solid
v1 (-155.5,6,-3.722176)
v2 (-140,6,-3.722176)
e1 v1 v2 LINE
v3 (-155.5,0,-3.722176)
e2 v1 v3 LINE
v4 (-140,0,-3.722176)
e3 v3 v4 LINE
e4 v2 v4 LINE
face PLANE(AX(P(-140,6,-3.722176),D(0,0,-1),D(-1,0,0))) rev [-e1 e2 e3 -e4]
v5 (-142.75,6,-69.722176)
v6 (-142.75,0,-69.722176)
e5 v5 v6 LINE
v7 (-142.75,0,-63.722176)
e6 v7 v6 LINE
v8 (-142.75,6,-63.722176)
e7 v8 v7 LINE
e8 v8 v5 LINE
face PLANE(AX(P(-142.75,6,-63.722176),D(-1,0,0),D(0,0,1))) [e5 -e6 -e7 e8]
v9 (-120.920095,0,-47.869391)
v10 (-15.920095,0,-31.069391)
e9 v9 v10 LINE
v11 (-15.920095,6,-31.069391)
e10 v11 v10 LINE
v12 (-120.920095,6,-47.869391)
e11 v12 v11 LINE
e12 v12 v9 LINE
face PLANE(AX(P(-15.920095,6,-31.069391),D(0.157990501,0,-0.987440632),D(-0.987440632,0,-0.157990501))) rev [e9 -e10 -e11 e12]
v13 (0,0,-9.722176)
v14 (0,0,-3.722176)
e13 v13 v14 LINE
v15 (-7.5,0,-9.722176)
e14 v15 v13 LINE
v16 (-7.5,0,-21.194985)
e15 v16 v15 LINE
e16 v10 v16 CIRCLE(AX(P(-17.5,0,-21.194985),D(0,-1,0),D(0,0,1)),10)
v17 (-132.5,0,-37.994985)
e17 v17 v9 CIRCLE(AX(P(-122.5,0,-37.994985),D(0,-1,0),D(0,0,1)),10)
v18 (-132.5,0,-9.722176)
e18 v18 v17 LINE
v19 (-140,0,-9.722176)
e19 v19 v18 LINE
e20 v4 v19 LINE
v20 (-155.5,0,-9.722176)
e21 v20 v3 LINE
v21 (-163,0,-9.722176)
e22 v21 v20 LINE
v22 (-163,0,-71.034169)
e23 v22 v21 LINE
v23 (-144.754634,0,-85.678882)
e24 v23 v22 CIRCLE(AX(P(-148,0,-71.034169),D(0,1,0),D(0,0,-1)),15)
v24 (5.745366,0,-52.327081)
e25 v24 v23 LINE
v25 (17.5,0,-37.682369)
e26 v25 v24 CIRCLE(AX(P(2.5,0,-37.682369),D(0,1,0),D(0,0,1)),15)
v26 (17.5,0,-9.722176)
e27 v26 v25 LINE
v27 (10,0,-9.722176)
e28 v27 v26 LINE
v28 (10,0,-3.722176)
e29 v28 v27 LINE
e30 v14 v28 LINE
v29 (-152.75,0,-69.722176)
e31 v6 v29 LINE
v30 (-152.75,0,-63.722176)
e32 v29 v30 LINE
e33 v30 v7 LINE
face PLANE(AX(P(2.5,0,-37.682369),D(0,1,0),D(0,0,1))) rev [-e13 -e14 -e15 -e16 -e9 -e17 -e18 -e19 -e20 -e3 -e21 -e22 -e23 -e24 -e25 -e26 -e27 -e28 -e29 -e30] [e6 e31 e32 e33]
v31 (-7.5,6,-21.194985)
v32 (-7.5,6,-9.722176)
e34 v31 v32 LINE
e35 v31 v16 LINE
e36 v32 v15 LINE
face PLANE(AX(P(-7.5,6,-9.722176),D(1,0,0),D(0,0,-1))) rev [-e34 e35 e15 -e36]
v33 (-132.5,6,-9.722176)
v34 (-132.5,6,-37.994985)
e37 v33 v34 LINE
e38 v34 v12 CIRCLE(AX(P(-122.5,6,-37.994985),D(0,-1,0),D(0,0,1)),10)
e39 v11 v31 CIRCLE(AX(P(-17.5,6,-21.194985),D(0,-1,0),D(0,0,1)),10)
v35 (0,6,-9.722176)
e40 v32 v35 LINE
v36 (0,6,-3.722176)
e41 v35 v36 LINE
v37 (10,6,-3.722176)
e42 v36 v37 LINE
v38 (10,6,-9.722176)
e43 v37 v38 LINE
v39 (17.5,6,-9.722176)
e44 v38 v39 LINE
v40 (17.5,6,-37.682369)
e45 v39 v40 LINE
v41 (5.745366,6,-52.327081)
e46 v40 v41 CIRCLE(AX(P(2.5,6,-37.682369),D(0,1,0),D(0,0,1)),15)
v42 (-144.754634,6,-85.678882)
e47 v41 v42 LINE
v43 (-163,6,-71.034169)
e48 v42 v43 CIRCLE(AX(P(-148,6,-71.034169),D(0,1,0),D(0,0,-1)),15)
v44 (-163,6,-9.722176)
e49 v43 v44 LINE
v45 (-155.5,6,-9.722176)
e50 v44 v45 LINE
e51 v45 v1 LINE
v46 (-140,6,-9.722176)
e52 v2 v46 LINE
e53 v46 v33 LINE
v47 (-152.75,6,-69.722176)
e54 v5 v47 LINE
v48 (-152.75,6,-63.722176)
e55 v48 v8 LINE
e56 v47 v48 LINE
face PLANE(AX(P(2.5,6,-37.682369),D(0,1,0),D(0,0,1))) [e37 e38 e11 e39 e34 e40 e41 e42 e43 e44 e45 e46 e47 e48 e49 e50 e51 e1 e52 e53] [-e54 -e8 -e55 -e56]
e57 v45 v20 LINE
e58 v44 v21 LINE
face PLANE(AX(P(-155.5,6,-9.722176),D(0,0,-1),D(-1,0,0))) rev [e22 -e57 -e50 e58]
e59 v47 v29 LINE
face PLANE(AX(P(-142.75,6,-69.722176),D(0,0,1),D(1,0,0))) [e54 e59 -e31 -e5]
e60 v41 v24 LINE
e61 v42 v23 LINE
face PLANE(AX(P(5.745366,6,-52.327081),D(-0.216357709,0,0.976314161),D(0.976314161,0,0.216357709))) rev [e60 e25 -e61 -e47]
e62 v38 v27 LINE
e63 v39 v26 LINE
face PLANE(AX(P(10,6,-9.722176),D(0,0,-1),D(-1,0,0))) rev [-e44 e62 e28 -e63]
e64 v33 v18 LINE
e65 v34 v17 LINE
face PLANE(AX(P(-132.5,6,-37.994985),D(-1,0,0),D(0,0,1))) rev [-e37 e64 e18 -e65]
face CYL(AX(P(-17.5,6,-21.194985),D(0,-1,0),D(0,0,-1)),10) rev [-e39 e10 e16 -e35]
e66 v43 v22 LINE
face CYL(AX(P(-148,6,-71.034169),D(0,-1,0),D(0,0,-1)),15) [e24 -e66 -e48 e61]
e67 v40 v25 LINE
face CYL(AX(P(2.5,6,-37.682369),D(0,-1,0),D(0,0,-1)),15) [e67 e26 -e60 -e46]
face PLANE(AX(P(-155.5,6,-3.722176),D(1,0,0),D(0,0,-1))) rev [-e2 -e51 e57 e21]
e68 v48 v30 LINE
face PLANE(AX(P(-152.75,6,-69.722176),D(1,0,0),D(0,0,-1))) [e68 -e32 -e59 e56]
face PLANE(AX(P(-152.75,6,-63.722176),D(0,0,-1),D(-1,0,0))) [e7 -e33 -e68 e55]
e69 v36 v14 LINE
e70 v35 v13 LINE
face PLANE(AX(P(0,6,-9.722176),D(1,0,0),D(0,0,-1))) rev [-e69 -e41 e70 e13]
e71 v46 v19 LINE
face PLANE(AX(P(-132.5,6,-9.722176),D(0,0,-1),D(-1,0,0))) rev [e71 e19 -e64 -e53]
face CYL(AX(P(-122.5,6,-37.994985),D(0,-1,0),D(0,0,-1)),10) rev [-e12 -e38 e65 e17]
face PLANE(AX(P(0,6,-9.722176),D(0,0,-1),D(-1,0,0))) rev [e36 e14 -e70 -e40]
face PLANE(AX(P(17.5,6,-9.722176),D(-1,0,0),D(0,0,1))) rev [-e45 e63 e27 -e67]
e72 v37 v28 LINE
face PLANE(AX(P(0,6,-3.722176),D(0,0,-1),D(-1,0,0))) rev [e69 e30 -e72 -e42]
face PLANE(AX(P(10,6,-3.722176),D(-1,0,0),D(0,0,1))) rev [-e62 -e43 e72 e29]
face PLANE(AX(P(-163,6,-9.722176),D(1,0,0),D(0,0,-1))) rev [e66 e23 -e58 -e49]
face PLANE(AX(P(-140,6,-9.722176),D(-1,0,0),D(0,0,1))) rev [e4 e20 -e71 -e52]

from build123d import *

# Parameters (mm, degrees)
SKETCH1_W           = 10
SKETCH1_H           = 6
BOSS_EXTRUDE1_DEPTH = 6


with BuildPart() as part:
    # Sketch1 → Boss-Extrude1 (new body)
    with BuildSketch(Plane(origin=(0, 0, 0), x_dir=(1, 0, 0), z_dir=(0, 1, 0))):
        with BuildLine():
            Line((0, 9.722175855), (-7.5, 9.722175855))
            Line((-7.5, 9.722175855), (-7.5, 21.194984734))
            ThreePointArc((-7.5, 21.194984734), (-9.890826257, 27.683472612), (-15.920094989, 31.069391053))
            Line((-15.920094989, 31.069391053), (-120.920094989, 47.869391053))
            ThreePointArc((-120.920094989, 47.869391053), (-128.988487878, 45.604158477), (-132.5, 37.994984734))
            Line((-132.5, 37.994984734), (-132.5, 9.722175855))
            Line((-132.5, 9.722175855), (-140, 9.722175855))
            Line((-140, 9.722175855), (-140, 3.722175855))
            Line((-140, 3.722175855), (-155.5, 3.722175855))
            Line((-155.5, 3.722175855), (-155.5, 9.722175855))
            Line((-155.5, 9.722175855), (-163, 9.722175855))
            Line((-163, 9.722175855), (-163, 71.03416911))
            ThreePointArc((-163, 71.03416911), (-157.389342775, 82.732042518), (-144.754634366, 85.678881532))
            Line((-144.754634366, 85.678881532), (5.745365634, 52.327080978))
            ThreePointArc((5.745365634, 52.327080978), (14.197873407, 47.071711331), (17.5, 37.682368556))
            Line((17.5, 37.682368556), (17.5, 9.722175855))
            Line((17.5, 9.722175855), (10, 9.722175855))
            Line((10, 9.722175855), (10, 3.722175855))
            Line((10, 3.722175855), (0, 3.722175855))
            Line((0, 3.722175855), (0, 9.722175855))
        make_face()
        with Locations((-147.75, 66.722175855)):
            Rectangle(SKETCH1_W, SKETCH1_H, mode=Mode.SUBTRACT)
    extrude(amount=BOSS_EXTRUDE1_DEPTH)


solid = part.part
